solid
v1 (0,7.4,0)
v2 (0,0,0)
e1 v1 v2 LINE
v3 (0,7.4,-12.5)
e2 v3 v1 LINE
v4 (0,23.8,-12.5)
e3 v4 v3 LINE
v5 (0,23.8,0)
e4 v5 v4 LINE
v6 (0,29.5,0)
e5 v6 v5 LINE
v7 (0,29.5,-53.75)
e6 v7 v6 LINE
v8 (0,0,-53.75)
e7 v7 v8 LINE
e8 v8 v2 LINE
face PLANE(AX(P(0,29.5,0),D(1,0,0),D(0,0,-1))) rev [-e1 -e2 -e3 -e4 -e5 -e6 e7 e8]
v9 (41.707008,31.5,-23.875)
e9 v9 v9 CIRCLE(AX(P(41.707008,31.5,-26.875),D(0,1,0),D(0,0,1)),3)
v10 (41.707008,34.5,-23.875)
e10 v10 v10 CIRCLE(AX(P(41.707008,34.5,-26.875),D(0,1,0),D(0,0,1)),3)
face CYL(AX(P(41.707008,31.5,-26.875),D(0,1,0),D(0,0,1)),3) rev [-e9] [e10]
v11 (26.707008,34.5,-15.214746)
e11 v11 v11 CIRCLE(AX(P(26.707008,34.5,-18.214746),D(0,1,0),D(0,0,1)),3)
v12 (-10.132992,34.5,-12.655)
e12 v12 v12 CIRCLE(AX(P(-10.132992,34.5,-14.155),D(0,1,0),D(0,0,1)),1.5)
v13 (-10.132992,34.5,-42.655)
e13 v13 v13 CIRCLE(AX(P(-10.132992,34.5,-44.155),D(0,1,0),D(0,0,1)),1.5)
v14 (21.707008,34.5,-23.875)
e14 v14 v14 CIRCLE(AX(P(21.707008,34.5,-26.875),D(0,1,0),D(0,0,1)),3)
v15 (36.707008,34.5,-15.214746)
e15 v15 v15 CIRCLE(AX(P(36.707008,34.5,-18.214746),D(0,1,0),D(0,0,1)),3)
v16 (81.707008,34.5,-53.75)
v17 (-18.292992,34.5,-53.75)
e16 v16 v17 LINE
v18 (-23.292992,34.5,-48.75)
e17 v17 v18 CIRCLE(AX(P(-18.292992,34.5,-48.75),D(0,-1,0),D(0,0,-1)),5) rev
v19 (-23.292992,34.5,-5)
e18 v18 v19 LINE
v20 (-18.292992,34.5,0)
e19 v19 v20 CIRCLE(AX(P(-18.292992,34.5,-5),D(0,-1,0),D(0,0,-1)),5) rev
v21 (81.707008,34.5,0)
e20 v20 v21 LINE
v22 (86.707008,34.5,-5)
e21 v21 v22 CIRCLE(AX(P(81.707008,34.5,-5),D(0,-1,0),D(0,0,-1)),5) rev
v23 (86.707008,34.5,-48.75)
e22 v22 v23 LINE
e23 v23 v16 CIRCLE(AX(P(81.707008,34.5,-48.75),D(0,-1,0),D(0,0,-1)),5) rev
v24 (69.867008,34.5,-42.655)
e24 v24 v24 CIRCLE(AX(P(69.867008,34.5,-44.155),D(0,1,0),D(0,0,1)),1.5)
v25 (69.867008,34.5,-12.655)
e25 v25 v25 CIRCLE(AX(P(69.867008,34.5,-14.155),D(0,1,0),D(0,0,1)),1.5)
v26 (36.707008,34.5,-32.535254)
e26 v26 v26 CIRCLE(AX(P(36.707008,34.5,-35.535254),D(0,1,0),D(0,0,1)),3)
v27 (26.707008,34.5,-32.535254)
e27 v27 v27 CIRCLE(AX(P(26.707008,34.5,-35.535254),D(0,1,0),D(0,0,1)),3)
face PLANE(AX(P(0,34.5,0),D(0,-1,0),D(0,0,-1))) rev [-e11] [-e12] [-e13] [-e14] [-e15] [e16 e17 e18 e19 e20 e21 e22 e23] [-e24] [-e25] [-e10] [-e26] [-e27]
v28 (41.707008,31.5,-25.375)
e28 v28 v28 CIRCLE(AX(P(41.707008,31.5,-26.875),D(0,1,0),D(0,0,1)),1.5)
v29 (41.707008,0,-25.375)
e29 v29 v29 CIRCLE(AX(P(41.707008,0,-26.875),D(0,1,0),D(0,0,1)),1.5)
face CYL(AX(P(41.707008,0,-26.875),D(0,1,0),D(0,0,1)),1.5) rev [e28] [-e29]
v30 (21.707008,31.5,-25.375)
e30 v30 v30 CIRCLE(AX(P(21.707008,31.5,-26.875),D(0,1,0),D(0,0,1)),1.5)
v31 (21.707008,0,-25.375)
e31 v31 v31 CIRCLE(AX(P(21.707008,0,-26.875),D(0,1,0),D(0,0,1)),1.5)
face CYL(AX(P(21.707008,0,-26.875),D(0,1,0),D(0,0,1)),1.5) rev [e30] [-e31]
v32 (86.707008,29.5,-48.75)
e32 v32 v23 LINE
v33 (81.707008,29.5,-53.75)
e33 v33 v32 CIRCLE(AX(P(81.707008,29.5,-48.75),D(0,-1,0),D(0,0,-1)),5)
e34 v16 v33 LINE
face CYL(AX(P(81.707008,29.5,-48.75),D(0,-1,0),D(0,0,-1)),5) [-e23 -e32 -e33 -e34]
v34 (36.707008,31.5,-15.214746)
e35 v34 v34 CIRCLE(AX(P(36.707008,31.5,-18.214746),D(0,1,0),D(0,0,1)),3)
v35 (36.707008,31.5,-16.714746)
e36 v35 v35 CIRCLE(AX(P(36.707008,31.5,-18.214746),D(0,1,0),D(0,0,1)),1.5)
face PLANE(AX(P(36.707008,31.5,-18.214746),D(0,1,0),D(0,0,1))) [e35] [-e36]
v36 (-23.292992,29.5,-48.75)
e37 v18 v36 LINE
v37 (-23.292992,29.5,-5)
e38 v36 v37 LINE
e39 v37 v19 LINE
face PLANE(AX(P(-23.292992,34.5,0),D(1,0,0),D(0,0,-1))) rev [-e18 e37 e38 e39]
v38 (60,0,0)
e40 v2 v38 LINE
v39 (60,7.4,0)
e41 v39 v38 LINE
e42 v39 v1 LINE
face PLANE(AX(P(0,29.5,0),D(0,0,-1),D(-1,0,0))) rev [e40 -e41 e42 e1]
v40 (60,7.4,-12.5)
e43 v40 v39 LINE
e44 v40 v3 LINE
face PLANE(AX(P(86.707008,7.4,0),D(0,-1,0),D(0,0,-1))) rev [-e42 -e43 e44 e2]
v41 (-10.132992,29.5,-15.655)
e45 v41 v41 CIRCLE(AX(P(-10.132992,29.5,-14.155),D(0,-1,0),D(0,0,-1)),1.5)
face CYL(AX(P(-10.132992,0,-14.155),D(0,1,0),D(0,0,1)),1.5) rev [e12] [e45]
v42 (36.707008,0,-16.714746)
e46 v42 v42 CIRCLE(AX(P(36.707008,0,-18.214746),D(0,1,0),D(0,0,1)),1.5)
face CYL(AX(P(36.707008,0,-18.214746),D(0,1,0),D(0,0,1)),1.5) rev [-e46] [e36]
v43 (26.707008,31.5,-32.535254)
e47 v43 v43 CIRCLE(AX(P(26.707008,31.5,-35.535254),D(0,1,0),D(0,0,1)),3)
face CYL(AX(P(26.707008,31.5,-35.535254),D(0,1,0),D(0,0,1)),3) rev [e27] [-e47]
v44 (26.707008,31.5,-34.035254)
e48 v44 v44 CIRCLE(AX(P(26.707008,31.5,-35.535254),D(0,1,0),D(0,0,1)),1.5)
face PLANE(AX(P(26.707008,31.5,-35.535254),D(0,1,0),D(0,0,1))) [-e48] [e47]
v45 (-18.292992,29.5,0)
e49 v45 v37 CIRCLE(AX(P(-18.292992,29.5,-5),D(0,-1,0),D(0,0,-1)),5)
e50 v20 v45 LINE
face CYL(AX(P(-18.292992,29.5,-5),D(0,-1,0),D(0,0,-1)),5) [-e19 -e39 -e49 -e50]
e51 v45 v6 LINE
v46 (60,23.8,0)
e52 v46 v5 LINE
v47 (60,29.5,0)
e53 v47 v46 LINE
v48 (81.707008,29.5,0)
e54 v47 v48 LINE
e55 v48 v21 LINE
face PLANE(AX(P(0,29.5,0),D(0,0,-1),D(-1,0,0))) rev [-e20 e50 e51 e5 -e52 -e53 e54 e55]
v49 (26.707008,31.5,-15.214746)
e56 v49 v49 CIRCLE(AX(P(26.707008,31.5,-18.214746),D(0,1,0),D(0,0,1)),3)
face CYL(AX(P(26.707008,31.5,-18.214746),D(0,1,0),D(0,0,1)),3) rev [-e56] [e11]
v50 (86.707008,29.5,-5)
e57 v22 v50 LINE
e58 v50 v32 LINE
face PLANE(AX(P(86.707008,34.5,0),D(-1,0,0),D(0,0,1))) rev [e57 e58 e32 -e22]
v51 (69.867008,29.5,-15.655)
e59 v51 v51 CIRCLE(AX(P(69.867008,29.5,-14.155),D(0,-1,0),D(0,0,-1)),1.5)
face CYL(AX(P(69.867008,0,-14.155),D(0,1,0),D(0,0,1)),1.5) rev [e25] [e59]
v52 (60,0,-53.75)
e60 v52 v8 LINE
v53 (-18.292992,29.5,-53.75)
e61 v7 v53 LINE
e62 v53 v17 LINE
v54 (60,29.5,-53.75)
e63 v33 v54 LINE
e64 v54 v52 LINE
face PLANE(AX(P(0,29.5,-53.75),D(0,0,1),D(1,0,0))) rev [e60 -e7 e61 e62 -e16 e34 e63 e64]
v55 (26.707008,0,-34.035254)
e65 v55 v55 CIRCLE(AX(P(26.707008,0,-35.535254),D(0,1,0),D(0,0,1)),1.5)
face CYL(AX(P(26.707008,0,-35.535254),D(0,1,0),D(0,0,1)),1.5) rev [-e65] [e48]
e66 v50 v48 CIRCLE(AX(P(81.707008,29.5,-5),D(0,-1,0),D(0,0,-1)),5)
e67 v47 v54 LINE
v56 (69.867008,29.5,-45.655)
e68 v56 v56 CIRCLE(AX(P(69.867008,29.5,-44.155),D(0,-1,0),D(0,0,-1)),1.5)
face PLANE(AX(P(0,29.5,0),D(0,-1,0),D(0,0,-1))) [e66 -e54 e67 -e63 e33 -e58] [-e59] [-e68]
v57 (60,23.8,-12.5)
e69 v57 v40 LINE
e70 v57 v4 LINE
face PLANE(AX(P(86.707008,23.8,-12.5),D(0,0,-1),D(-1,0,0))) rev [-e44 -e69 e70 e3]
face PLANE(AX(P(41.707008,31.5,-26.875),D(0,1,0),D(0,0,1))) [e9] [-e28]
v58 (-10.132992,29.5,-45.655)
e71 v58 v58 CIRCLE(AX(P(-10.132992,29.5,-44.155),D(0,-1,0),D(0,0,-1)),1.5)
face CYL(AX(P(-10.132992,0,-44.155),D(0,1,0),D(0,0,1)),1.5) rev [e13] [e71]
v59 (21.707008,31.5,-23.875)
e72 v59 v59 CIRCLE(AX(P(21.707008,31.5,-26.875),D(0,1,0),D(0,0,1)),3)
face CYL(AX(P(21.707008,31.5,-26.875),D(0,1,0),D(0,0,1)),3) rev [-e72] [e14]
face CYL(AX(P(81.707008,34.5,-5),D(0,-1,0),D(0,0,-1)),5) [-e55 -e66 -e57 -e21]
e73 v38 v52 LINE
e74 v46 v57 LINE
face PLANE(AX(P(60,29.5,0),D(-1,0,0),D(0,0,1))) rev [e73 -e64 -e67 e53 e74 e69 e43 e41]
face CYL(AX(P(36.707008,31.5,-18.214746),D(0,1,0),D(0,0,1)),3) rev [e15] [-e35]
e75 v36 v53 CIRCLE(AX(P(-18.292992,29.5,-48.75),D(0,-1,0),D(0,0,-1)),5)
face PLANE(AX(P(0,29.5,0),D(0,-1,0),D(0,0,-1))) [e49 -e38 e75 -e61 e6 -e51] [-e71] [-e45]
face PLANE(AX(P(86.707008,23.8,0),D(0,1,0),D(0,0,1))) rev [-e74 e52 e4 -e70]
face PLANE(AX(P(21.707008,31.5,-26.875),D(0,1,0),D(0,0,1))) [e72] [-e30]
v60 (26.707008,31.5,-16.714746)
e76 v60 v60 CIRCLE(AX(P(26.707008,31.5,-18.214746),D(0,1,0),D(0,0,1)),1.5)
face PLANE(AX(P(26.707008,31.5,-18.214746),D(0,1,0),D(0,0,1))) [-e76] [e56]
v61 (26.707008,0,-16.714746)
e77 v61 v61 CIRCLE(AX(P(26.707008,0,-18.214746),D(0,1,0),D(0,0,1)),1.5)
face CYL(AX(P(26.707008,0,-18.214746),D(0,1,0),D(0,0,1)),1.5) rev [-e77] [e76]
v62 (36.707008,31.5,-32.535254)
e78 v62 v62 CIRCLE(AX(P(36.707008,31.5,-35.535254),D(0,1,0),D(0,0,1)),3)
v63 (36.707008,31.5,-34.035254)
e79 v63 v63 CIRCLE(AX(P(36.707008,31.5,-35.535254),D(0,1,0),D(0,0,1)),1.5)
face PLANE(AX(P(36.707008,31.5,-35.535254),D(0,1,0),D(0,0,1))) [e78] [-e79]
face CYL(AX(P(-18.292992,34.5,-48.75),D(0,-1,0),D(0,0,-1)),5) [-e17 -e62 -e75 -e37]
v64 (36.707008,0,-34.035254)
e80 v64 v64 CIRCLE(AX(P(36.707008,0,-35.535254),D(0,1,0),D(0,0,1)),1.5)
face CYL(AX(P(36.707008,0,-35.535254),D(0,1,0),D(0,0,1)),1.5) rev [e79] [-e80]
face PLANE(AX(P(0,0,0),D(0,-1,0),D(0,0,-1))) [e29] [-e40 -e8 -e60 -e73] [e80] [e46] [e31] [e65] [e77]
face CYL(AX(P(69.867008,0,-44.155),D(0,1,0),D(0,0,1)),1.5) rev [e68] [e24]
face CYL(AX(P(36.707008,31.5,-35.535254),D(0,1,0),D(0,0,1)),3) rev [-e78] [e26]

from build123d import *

# Parameters (mm, degrees)
SKETCH1_W           = 60
SKETCH1_H           = 53.75
BOSS_EXTRUDE1_DEPTH = 29.5
SKETCH2_W           = 110
SKETCH2_H           = 53.75
BOSS_EXTRUDE3_DEPTH = 5
SKETCH3_W           = 12.5
SKETCH3_H           = 16.4
CUT_EXTRUDE1_DEPTH  = 108.691307363
SKETCH4_R           = 1.5
CUT_EXTRUDE2_DEPTH  = 108.691307363
SKETCH7_R           = 3
CUT_EXTRUDE3_DEPTH  = 3
SKETCH8_R           = 1.5
CUT_EXTRUDE4_DEPTH  = 108.691307363
FILLET1_R           = 5


with BuildPart() as part:
    # Sketch1 → Boss-Extrude1 (new body)
    with BuildSketch(Plane(origin=(0, 0, 0), x_dir=(1, 0, 0), z_dir=(0, 1, 0))):
        with Locations((30, 26.875)):
            Rectangle(SKETCH1_W, SKETCH1_H)
    extrude(amount=BOSS_EXTRUDE1_DEPTH)

    # Sketch2 → Boss-Extrude3 (add)
    with BuildSketch(Plane(origin=(0, 29.5, 0), x_dir=(1, 0, 0), z_dir=(0, 1, 0))):
        with Locations((31.707007684, 26.875)):
            Rectangle(SKETCH2_W, SKETCH2_H)
    extrude(amount=BOSS_EXTRUDE3_DEPTH)

    # Sketch3 → Cut-Extrude1 (cut, through all)
    with BuildSketch(Plane.ZY):
        with Locations((-6.25, 15.6)):
            Rectangle(SKETCH3_W, SKETCH3_H)
    extrude(amount=-CUT_EXTRUDE1_DEPTH, mode=Mode.SUBTRACT)

    # Sketch4 → Cut-Extrude2 (cut, through all)
    with BuildSketch(Plane(origin=(0, 34.5, 0), x_dir=(1, 0, 0), z_dir=(0, 1, 0))):
        with Locations(Location((-10.132992316, 14.155, 0), (0, 0, 270))):
            Circle(SKETCH4_R)
        with Locations(Location((69.867007684, 14.155, 0), (0, 0, 270))):
            Circle(SKETCH4_R)
        with Locations(Location((-10.132992316, 44.155, 0), (0, 0, 270))):
            Circle(SKETCH4_R)
        with Locations(Location((69.867007684, 44.155, 0), (0, 0, 270))):
            Circle(SKETCH4_R)
    extrude(amount=-CUT_EXTRUDE2_DEPTH, mode=Mode.SUBTRACT)

    # Sketch7 → Cut-Extrude3 (cut)
    with BuildSketch(Plane(origin=(0, 34.5, 0), x_dir=(1, 0, 0), z_dir=(0, 1, 0))):
        with Locations(Location((41.707007684, 26.875, 0), (0, 0, 270))):
            Circle(SKETCH7_R)
        with Locations(Location((36.707007684, 18.214745962, 0), (0, 0, 270))):
            Circle(SKETCH7_R)
        with Locations(Location((26.707007684, 18.214745962, 0), (0, 0, 270))):
            Circle(SKETCH7_R)
        with Locations(Location((21.707007684, 26.875, 0), (0, 0, 270))):
            Circle(SKETCH7_R)
        with Locations(Location((26.707007684, 35.535254038, 0), (0, 0, 270))):
            Circle(SKETCH7_R)
        with Locations(Location((36.707007684, 35.535254038, 0), (0, 0, 270))):
            Circle(SKETCH7_R)
    extrude(amount=-CUT_EXTRUDE3_DEPTH, mode=Mode.SUBTRACT)

    # Sketch8 → Cut-Extrude4 (cut, through all)
    with BuildSketch(Plane(origin=(0, 34.5, 0), x_dir=(1, 0, 0), z_dir=(0, 1, 0))):
        with Locations(Location((41.707007684, 26.875, 0), (0, 0, 270))):
            Circle(SKETCH8_R)
        with Locations(Location((36.707007684, 18.214745962, 0), (0, 0, 270))):
            Circle(SKETCH8_R)
        with Locations(Location((26.707007684, 18.214745962, 0), (0, 0, 270))):
            Circle(SKETCH8_R)
        with Locations(Location((21.707007684, 26.875, 0), (0, 0, 270))):
            Circle(SKETCH8_R)
        with Locations(Location((26.707007684, 35.535254038, 0), (0, 0, 270))):
            Circle(SKETCH8_R)
        with Locations(Location((36.707007684, 35.535254038, 0), (0, 0, 270))):
            Circle(SKETCH8_R)
    extrude(amount=-CUT_EXTRUDE4_DEPTH, mode=Mode.SUBTRACT)

    # Fillet1
    fillet1_edges = [part.edges().sort_by_distance(p)[0] for p in [
        (-23.292992316, 32, -53.75),
        (-23.292992316, 32, 0),
        (86.707007684, 32, 0),
        (86.707007684, 32, -53.75),
    ]]
    fillet(fillet1_edges, radius=FILLET1_R)


solid = part.part
